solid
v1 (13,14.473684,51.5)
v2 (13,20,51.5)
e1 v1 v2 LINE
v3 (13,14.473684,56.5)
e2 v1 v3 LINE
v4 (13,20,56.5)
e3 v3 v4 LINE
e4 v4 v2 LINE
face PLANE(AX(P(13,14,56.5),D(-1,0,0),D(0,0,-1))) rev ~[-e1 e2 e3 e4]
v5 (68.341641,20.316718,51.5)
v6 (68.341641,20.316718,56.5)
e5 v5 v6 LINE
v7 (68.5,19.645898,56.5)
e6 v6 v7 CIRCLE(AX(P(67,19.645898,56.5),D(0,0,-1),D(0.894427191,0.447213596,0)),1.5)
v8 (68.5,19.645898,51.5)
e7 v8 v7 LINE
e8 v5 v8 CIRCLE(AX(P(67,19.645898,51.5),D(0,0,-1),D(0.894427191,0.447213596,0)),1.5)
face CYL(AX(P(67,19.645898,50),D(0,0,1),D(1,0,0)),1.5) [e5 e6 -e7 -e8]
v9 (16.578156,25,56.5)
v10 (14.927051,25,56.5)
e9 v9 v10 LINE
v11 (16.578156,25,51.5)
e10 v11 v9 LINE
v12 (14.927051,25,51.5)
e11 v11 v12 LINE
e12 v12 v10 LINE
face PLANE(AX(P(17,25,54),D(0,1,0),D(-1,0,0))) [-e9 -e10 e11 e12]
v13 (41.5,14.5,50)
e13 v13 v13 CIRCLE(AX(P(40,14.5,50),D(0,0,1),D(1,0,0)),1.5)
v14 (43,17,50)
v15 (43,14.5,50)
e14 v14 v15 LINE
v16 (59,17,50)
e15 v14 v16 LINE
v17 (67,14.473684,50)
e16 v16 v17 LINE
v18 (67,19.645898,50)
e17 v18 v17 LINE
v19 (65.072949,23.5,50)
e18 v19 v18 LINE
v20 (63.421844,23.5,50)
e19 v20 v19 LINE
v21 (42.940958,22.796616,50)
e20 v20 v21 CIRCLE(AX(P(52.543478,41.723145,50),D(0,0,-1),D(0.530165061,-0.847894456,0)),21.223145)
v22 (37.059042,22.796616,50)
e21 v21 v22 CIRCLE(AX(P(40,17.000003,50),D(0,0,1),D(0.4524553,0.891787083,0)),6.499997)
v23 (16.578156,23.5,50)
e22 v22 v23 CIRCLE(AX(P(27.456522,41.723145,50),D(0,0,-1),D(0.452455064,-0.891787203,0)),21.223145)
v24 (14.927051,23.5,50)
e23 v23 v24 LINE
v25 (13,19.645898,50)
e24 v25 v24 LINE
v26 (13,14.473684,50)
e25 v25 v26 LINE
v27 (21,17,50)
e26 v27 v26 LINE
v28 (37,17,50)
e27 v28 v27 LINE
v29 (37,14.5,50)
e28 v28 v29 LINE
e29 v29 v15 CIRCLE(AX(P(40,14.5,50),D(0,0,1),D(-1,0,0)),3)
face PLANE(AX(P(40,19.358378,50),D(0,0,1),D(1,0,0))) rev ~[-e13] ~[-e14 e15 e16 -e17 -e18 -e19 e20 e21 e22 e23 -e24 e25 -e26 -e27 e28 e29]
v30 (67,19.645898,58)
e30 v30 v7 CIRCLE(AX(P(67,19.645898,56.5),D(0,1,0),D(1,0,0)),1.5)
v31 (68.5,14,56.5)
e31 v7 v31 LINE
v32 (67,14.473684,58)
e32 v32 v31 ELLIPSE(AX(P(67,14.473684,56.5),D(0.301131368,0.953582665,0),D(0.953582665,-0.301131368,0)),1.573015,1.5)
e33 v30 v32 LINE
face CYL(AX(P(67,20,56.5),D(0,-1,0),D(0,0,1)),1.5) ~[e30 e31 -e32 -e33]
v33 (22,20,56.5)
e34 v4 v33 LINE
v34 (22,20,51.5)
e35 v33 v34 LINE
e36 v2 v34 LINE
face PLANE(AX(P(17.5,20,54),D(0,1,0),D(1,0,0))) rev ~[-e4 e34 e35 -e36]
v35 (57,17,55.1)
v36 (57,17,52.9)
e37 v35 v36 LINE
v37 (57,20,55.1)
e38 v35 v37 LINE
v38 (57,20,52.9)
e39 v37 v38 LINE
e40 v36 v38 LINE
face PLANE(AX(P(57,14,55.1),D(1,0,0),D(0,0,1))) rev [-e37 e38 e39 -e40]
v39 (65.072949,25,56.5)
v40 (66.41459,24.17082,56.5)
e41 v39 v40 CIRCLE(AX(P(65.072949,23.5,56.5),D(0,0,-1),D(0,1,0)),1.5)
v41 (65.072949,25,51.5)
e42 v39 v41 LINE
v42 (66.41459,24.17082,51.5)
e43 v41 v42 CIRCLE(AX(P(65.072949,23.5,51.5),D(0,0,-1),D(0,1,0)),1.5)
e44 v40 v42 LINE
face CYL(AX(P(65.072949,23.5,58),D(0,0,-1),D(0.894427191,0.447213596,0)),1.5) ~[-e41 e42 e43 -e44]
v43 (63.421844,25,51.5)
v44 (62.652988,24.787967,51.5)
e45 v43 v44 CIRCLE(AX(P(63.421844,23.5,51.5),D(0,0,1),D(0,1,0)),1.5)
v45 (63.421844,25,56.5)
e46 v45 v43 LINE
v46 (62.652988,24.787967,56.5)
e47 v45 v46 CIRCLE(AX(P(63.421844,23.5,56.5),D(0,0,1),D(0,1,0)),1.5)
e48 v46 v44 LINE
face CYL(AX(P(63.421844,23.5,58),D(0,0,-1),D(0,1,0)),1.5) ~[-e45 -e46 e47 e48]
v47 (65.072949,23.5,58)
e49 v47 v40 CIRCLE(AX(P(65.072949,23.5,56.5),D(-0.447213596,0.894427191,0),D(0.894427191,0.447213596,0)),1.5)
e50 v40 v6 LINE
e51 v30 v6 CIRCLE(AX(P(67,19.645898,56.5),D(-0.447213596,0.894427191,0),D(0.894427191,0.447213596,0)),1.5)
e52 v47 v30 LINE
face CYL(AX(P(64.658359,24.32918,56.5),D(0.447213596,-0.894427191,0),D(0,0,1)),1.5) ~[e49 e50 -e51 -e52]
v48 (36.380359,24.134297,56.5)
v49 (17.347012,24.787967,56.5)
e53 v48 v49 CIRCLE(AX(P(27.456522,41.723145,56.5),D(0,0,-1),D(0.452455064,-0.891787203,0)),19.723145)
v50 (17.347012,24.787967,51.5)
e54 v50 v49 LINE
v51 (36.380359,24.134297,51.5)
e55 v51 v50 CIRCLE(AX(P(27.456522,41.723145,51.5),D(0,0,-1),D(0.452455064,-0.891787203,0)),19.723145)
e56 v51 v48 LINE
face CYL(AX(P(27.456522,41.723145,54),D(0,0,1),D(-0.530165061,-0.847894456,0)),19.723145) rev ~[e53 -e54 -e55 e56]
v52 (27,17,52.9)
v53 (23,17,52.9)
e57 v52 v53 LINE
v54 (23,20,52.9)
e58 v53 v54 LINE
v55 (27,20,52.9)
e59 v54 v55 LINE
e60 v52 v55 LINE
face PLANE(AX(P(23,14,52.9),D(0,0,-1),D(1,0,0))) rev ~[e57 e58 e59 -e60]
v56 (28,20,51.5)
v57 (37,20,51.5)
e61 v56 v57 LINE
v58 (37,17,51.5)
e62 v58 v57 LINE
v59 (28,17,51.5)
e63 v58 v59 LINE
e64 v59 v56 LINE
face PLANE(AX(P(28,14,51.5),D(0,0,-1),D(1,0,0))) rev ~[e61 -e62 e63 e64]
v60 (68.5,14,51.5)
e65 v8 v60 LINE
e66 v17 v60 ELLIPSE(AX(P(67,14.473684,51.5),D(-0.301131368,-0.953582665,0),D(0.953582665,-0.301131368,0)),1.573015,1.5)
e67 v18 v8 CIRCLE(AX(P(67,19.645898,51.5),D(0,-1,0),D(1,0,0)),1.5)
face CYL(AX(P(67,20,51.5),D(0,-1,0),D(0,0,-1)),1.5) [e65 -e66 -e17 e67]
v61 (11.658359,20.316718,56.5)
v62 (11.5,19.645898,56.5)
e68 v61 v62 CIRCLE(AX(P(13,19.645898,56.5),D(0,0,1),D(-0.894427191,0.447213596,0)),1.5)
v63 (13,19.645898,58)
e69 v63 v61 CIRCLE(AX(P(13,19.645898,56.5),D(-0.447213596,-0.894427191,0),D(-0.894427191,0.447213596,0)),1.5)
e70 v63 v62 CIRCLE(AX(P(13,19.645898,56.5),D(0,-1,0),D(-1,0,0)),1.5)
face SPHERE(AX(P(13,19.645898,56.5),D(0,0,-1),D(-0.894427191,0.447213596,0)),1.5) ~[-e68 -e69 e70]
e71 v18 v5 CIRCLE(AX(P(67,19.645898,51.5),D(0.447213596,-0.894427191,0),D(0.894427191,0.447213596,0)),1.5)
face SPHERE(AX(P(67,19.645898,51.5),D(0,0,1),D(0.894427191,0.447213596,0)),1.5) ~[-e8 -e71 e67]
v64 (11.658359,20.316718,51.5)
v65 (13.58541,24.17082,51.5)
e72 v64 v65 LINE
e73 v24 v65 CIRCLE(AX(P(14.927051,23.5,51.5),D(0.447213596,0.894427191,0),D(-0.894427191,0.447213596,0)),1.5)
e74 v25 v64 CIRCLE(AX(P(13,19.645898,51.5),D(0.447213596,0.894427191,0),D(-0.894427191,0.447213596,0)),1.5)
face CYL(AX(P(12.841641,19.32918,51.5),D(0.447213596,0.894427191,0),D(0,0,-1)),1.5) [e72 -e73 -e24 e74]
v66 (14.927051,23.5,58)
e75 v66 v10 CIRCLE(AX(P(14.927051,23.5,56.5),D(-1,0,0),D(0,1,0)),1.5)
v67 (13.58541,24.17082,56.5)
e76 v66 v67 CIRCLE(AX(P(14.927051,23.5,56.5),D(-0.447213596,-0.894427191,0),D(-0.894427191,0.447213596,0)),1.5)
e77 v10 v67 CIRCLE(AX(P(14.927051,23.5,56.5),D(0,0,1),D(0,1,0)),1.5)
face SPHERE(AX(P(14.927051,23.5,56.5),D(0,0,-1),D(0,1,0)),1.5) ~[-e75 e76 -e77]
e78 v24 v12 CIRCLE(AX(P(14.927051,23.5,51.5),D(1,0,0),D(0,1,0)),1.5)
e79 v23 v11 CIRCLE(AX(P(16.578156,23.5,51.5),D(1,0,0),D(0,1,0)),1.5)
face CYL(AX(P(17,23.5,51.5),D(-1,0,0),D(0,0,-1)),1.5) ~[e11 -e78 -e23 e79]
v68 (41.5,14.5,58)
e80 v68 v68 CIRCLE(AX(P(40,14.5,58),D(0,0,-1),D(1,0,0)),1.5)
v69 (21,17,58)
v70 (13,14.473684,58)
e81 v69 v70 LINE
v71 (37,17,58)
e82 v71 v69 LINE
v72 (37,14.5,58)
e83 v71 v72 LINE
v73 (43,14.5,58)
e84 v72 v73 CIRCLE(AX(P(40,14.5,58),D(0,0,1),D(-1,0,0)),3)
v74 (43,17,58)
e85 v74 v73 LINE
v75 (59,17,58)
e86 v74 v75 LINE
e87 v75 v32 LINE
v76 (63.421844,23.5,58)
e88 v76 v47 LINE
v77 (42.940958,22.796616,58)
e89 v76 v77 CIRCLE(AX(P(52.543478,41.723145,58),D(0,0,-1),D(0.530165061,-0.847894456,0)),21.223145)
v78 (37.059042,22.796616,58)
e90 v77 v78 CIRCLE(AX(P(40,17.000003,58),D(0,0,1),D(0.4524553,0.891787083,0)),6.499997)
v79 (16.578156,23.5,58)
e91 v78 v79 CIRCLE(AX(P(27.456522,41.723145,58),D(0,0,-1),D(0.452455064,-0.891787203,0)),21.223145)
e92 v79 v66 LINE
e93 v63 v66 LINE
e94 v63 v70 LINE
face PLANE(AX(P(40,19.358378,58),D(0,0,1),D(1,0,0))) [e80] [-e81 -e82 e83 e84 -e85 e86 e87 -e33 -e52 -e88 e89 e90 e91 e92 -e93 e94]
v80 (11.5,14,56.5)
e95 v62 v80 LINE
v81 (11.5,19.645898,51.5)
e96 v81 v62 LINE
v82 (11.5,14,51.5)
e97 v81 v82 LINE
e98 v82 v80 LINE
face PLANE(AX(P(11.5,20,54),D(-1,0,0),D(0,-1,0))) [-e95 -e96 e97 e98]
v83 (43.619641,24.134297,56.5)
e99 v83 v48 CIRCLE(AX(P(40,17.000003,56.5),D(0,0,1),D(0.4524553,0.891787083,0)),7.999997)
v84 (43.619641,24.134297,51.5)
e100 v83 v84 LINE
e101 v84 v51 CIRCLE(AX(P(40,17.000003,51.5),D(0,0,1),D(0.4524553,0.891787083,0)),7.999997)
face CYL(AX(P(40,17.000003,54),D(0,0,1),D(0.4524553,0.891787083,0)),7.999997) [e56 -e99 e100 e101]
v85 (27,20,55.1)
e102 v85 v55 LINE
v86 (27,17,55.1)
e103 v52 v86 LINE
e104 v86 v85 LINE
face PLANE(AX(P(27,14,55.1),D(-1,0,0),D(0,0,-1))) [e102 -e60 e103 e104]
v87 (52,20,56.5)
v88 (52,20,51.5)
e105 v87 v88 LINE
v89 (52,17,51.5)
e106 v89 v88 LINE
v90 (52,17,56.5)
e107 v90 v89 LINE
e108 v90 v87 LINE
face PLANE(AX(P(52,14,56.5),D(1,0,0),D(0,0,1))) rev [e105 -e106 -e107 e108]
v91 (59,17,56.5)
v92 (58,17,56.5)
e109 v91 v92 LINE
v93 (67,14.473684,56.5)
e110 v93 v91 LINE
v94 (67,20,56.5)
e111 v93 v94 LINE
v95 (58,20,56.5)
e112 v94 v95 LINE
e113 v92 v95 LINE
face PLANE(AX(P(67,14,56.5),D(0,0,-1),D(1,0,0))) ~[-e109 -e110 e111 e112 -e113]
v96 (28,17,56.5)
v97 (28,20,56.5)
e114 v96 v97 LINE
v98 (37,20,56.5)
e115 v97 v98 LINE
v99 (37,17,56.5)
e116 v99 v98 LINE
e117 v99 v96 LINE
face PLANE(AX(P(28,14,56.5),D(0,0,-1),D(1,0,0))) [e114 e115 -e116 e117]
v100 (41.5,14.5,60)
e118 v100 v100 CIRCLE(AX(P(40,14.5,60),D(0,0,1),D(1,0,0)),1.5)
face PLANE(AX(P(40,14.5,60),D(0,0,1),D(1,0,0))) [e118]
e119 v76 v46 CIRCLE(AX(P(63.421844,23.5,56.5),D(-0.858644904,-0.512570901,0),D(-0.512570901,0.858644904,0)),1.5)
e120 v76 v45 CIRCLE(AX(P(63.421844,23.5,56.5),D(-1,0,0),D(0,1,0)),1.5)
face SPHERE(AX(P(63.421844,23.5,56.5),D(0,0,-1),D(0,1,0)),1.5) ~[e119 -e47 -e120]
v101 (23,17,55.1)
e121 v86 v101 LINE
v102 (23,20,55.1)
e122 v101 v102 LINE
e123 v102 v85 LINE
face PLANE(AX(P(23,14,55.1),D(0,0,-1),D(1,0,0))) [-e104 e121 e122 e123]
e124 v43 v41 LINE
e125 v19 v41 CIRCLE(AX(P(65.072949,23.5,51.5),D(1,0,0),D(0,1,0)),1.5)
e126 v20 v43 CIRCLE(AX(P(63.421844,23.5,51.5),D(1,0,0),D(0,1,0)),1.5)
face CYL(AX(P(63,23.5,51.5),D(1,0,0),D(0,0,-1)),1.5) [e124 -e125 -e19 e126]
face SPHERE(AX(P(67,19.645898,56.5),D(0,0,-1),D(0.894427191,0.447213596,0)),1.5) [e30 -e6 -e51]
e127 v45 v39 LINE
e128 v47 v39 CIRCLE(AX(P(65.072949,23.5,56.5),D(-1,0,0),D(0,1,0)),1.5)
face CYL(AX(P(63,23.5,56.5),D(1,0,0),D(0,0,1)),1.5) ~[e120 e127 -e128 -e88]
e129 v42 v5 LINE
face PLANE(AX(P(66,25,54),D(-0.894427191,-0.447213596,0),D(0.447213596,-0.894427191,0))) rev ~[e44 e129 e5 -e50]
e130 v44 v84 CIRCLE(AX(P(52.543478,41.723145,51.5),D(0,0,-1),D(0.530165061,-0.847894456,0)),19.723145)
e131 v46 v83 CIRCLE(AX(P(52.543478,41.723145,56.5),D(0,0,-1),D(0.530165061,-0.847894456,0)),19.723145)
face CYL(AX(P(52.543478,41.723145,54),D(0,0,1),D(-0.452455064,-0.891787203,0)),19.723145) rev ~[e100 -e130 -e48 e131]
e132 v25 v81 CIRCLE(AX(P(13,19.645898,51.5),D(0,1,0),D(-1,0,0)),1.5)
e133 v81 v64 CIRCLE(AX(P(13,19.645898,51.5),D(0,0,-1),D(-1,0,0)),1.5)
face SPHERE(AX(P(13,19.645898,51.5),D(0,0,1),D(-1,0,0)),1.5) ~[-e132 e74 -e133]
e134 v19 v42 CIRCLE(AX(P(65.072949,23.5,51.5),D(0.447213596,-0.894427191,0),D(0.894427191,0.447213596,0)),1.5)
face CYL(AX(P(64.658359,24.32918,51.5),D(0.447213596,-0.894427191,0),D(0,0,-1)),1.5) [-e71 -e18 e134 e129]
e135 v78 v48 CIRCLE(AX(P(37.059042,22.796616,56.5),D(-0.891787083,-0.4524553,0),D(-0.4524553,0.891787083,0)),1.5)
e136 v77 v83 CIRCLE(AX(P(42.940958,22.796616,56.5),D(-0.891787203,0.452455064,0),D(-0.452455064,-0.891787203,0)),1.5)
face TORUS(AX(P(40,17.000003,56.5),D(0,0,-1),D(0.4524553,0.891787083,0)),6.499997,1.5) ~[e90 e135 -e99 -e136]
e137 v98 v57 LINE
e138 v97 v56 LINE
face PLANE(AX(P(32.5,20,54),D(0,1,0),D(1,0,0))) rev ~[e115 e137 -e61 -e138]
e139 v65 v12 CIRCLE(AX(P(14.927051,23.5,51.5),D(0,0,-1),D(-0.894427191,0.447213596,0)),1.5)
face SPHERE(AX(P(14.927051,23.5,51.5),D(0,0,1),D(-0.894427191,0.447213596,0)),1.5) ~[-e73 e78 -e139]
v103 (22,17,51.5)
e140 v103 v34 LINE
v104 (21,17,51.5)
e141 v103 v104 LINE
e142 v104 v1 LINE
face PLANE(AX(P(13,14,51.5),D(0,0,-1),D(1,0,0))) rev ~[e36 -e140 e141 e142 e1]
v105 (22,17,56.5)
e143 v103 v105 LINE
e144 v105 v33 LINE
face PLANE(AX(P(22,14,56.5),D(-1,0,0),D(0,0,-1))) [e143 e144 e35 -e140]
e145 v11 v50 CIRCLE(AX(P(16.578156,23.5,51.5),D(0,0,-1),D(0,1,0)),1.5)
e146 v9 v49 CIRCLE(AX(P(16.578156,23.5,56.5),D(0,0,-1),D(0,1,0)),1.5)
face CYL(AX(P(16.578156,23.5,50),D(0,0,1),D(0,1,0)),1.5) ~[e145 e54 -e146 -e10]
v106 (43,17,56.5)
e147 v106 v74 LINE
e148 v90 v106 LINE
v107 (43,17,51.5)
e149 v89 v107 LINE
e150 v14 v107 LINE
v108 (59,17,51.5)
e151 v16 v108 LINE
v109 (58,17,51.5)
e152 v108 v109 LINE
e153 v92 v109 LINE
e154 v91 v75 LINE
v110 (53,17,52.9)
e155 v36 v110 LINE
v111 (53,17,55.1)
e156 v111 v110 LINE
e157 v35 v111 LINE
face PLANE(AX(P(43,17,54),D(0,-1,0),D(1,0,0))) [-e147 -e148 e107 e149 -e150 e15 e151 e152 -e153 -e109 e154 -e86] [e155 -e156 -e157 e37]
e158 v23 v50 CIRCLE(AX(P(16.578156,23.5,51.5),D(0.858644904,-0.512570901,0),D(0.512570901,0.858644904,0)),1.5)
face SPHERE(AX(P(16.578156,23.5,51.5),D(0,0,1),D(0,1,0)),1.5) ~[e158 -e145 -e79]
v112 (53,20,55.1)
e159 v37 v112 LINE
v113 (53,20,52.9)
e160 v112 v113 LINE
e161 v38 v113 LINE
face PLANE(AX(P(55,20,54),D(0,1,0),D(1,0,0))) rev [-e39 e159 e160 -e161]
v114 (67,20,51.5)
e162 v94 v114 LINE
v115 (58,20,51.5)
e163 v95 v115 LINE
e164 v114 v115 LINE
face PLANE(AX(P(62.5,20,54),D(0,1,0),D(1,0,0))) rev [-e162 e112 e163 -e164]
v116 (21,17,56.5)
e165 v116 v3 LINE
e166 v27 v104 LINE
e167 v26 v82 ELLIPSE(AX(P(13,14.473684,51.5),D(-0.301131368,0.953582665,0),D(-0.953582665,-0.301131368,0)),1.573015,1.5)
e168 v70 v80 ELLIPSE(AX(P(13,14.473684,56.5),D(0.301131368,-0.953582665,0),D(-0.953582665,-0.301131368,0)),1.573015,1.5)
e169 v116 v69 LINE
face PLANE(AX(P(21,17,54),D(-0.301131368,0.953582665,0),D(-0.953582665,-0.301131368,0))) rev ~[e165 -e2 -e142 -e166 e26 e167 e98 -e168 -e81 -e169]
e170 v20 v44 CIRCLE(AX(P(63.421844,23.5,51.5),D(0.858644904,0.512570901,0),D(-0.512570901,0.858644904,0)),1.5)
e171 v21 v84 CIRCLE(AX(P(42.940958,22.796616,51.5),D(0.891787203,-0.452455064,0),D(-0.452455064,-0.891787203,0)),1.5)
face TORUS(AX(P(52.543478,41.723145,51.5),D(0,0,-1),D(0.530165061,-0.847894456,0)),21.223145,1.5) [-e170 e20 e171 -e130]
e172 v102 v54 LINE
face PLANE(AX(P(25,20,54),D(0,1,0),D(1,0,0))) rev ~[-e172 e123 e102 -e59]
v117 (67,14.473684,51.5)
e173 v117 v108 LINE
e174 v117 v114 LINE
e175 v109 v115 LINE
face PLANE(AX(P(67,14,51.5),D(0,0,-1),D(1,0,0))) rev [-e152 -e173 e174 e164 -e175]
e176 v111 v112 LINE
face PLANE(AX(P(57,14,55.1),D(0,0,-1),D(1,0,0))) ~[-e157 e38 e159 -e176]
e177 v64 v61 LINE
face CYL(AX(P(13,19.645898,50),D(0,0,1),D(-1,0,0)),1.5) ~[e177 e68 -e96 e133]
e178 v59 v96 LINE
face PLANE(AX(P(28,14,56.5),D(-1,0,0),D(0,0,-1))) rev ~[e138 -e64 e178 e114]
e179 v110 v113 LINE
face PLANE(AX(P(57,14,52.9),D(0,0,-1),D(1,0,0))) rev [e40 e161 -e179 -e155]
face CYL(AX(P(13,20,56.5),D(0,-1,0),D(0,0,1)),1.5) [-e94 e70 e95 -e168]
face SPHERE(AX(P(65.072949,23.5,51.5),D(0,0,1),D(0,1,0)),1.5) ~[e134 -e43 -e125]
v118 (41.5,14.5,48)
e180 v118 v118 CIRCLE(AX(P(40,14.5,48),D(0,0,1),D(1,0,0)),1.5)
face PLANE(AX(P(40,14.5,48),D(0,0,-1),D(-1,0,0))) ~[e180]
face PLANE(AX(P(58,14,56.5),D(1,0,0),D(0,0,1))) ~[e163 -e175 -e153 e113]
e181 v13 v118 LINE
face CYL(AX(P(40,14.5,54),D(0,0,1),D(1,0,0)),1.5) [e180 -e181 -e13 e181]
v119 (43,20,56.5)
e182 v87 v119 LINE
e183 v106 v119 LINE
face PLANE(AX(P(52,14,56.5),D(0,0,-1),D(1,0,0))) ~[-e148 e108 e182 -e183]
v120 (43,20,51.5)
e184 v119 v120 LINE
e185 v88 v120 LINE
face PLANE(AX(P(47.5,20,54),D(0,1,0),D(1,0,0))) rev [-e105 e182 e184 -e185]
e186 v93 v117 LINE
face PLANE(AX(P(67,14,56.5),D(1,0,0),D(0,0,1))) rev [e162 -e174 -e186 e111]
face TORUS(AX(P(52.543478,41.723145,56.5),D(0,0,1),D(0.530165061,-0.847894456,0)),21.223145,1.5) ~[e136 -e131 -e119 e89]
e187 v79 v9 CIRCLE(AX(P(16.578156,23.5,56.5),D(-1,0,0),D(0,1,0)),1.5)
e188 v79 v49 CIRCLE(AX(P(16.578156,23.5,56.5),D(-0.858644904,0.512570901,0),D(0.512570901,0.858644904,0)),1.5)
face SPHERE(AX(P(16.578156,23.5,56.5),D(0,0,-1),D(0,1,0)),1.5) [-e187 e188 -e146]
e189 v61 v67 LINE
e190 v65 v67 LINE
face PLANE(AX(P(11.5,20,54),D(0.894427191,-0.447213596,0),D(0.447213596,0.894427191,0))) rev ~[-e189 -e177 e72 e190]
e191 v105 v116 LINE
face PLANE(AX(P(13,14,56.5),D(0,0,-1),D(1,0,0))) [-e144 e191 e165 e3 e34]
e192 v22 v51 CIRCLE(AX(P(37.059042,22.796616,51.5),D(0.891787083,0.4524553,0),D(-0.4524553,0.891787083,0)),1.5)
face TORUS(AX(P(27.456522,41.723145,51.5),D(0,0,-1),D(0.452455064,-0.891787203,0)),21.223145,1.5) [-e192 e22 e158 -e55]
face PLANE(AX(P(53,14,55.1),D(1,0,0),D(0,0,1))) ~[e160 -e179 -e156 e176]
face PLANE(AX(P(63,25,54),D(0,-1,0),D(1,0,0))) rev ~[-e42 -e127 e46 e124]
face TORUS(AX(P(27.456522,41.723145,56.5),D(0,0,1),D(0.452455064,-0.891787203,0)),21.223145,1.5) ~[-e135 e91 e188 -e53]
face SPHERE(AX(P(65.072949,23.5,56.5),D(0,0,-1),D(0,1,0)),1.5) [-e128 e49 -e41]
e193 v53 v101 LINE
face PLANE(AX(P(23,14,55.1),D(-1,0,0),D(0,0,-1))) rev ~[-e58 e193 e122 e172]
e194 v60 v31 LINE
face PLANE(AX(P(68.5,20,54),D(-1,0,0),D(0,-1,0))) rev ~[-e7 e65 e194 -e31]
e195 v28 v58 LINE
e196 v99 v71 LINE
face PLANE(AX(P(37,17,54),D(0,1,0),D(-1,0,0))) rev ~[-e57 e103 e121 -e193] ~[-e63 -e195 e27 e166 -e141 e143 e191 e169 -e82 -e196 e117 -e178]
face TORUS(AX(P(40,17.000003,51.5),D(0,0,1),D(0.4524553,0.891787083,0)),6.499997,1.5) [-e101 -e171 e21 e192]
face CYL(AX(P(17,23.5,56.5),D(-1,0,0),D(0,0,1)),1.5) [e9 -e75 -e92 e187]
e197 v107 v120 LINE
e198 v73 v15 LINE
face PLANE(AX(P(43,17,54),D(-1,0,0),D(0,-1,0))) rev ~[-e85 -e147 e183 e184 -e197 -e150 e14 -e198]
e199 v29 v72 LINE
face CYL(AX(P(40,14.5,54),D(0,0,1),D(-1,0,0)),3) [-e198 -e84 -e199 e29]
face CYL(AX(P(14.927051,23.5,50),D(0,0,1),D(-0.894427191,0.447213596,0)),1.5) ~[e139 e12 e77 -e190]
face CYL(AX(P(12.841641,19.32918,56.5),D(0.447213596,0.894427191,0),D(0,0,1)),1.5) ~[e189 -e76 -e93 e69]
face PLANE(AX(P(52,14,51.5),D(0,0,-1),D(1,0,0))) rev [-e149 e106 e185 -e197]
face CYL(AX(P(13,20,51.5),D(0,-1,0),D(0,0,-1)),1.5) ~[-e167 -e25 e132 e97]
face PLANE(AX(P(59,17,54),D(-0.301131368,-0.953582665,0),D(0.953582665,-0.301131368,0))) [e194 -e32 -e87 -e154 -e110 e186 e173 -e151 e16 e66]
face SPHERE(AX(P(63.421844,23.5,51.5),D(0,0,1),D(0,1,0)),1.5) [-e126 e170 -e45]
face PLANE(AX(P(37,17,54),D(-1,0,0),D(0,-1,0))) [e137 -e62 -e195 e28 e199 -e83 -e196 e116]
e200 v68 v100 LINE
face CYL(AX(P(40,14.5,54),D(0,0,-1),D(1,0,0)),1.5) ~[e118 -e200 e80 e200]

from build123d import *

# Parameters (mm, degrees)
PAD060_DEPTH            = 4
CYLINDER_R              = 1.5
CYLINDER_DEPTH          = 6
SKETCH098_W             = 9
SKETCH098_H             = 5
SKETCH098_W_2           = 4
SKETCH098_H_2           = 2.2
POCKET027_DEPTH         = 6
FILLET003_R             = 1.5
BODY091_PLACEMENT_ANGLE = 90


with BuildPart() as part:
    # Sketch097 → Pad060 (new body, symmetric)
    with BuildSketch(Plane.XZ):
        with BuildLine():
            ThreePointArc((3.619641, 7.134297), (0, 8), (-3.619641, 7.134297))
            ThreePointArc((-23, 8), (-13.423615, 5.019648), (-3.619641, 7.134297))
            Line((-23, 8), (-26, 8))
            Line((-28.5, 3), (-26, 8))
            Line((-28.5, 3), (-28.5, -3))
            Line((-19, 0), (-28.5, -3))
            Line((-3, 0), (-19, 0))
            Line((-3, 0), (-3, -2.5))
            ThreePointArc((-3, -2.5), (0, -5.5), (3, -2.5))
            Line((3, 0), (3, -2.5))
            Line((3, 0), (19, 0))
            Line((19, 0), (28.5, -3))
            Line((28.5, 3), (28.5, -3))
            Line((26, 8), (28.5, 3))
            Line((23, 8), (26, 8))
            ThreePointArc((3.619641, 7.134297), (13.423615, 5.019648), (23, 8))
        make_face()
    extrude(amount=PAD060_DEPTH, both=True)

    # Cylinder → Cylinder (join)
    with BuildSketch(Plane(origin=(0, 0, -2.5), x_dir=(1, 0, 0), z_dir=(0, -1, 0))):
        Circle(CYLINDER_R)
    cylinder = extrude(amount=CYLINDER_DEPTH)

    # Mirrored015: Cylinder across XZ
    add(cylinder.mirror(Plane.XZ))

    # Sketch098 → Pocket027 (cut)
    with BuildSketch(Plane.XY.offset(-3)):
        with Locations((-22.5, 0)):
            Rectangle(SKETCH098_W, SKETCH098_H)
        with Locations((-7.5, 0)):
            Rectangle(SKETCH098_W, SKETCH098_H)
        with Locations((-15, 0)):
            Rectangle(SKETCH098_W_2, SKETCH098_H_2)
    pocket027 = extrude(amount=POCKET027_DEPTH, mode=Mode.SUBTRACT)

    # Mirrored021: Pocket027 across YZ
    add(pocket027.mirror(Plane.YZ), mode=Mode.SUBTRACT)

    # Fillet003
    fillet003_edges = [part.edges().sort_by_distance(p)[0] for p in [
        (0, 4, 8),
        (0, -4, 8),
        (-23, 0, 8),
        (-26, 0, 8),
        (-28.5, 0, 3),
        (-28.5, 4, 0),
        (-27.25, 4, 5.5),
        (-24.5, 4, 8),
        (-13.423615, 4, 5.019648),
        (-13.423615, -4, 5.019648),
        (-24.5, -4, 8),
        (-27.25, -4, 5.5),
        (-28.5, -4, 0),
        (13.423615, -4, 5.019648),
        (13.423615, 4, 5.019648),
        (23, 0, 8),
        (26, 0, 8),
        (24.5, -4, 8),
        (24.5, 4, 8),
        (27.25, -4, 5.5),
        (28.5, -4, 0),
        (27.25, 4, 5.5),
        (28.5, 4, 0),
        (28.5, 0, 3),
    ]]
    fillet(fillet003_edges, radius=FILLET003_R)


with BuildPart() as part_1:
    # Body091 placement: moved
    add(part.part.moved(Location((40, 17, 54))).rotate(Axis((40, 17, 54), (-1, 0, 0)), BODY091_PLACEMENT_ANGLE))


solid = part_1.part
